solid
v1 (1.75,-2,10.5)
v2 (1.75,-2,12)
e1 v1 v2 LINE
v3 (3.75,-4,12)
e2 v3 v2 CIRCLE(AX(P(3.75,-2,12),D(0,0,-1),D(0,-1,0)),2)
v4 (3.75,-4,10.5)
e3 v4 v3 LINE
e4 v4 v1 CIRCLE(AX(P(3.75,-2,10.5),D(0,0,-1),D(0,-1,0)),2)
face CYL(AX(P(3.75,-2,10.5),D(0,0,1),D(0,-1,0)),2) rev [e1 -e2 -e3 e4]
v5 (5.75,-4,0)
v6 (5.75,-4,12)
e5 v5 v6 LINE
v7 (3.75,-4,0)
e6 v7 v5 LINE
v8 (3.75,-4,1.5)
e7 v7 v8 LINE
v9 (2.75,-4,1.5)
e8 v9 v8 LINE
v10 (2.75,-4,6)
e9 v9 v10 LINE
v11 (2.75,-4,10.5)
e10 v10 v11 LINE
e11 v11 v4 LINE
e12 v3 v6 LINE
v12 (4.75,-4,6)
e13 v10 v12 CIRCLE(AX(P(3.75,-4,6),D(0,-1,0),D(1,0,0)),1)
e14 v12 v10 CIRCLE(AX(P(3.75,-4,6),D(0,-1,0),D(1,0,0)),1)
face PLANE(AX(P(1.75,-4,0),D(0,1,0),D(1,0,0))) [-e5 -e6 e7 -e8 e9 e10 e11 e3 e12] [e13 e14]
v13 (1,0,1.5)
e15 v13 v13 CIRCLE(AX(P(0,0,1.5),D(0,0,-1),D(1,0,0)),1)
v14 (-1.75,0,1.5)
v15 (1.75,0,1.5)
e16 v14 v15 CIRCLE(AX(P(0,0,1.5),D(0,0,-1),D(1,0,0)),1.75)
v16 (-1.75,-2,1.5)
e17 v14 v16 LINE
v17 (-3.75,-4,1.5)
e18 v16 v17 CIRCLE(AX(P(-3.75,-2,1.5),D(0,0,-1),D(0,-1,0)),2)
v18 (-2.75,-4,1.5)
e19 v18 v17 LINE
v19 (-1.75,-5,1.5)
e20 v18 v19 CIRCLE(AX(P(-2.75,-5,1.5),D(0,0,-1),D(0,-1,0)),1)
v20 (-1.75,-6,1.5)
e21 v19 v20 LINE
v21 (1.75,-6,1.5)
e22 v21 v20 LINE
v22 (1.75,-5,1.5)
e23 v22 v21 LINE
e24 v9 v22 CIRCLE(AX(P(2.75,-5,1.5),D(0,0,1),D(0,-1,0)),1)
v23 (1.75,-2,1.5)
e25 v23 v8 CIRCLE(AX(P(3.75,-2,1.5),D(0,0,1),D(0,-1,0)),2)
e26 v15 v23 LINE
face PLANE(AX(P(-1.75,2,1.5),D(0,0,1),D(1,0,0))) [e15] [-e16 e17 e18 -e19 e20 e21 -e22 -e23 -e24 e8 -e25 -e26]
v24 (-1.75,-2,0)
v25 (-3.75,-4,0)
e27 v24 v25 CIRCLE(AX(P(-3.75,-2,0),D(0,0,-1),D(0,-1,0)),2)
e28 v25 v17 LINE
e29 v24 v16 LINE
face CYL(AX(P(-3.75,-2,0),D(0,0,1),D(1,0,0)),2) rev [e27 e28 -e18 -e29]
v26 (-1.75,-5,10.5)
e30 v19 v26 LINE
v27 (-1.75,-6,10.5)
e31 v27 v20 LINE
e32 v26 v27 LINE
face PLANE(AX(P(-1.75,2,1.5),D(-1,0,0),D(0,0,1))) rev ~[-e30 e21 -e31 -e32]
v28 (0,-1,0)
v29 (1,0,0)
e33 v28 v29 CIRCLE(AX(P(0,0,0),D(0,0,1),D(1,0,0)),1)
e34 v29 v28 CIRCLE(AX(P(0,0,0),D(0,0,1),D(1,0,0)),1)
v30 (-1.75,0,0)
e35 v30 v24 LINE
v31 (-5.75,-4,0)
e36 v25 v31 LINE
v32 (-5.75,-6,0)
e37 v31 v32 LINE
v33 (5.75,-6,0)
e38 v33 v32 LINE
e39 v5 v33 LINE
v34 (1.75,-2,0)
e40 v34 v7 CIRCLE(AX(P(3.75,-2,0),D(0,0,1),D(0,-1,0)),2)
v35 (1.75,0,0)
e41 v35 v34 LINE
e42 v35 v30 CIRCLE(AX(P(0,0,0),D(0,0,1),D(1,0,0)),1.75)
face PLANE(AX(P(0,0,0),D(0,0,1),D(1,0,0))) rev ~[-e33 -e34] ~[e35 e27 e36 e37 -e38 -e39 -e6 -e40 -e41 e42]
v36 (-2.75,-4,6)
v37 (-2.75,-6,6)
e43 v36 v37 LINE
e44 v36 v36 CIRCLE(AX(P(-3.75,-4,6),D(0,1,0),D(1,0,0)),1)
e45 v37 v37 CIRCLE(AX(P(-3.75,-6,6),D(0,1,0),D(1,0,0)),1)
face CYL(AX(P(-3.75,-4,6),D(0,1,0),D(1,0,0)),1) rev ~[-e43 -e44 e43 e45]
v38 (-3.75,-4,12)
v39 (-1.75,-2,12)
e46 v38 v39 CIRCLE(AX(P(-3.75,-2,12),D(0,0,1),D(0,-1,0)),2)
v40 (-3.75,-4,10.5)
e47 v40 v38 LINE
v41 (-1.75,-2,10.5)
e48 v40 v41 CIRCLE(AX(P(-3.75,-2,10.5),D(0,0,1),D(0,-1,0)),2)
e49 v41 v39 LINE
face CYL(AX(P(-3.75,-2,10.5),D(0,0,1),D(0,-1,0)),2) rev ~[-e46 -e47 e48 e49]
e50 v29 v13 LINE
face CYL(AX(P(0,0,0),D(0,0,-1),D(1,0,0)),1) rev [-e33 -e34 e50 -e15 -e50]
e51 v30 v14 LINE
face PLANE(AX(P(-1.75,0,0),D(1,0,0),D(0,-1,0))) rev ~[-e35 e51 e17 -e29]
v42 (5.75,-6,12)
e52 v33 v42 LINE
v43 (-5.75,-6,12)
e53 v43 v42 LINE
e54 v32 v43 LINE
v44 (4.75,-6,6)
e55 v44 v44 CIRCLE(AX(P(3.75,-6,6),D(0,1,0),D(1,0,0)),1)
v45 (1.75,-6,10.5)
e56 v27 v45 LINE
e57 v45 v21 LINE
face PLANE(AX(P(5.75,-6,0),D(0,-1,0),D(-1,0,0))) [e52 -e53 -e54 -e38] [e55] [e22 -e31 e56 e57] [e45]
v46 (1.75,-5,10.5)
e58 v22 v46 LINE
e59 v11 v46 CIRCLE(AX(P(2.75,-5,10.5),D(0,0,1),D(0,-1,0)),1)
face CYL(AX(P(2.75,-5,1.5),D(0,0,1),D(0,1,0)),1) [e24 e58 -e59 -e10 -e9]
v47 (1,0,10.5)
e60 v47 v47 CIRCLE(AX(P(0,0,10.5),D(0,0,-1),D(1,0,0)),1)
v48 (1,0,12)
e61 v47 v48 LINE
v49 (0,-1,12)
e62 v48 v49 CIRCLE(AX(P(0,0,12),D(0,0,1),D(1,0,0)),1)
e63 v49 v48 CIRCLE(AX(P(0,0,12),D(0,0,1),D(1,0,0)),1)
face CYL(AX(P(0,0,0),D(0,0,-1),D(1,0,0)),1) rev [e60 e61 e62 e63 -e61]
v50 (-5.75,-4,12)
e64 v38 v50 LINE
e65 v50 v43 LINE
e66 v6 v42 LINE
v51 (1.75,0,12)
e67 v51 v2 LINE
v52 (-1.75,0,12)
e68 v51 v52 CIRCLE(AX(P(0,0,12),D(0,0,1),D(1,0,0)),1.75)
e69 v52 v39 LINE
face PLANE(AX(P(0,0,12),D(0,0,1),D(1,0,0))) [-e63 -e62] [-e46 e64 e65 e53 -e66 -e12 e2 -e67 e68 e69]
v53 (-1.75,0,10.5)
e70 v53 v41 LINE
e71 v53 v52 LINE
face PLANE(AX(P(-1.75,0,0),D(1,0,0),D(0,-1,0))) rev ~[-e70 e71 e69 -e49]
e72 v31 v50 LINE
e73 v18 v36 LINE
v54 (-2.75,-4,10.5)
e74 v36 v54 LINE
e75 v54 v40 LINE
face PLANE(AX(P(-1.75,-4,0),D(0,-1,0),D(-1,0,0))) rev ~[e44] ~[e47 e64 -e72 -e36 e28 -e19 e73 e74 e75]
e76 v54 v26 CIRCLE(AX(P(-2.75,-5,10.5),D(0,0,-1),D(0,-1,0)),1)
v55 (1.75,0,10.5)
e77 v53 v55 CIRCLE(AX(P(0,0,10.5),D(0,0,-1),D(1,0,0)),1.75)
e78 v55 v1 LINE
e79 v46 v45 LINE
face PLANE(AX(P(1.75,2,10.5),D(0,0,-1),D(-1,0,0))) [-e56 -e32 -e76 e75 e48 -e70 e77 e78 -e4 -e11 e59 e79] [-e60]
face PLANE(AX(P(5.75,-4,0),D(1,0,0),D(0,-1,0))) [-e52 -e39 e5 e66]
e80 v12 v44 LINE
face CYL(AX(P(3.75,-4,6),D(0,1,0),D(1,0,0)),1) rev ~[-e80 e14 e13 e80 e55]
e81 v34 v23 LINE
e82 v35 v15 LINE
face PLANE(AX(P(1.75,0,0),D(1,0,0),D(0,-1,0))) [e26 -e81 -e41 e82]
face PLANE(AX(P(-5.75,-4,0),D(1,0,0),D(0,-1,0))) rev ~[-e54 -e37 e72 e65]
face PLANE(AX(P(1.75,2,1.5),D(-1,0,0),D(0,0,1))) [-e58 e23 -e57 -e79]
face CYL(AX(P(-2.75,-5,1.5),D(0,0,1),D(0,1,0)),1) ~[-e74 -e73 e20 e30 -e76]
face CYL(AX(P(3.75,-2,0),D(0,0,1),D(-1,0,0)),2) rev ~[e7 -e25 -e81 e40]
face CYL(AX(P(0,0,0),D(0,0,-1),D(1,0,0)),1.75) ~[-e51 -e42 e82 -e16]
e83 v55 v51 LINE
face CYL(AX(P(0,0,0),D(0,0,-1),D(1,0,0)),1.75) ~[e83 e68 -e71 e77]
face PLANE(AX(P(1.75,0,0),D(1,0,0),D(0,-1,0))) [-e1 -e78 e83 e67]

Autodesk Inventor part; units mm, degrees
ref_plane "YZ Plane" through (0, 0, 0) normal (1, 0, 0) x (0, 1, 0)
ref_plane "XZ Plane" through (0, 0, 0) normal (0, 1, 0) x (-1, 0, 0)
sketch "Sketch1" plane through (0, 0, 0) normal (0, 0, 1) x (1, 0, 0)
  circle A0 centre (0, 0) radius 1
  circle A1 centre (0, 0) radius 1.75
  line L0 (-1.75, 0) -> (-1.75, -4)
  line L1 (-1.75, -4) -> (-5.75, -4)
  line L2 (-5.75, -4) -> (-5.75, -6)
  line L3 (-5.75, -6) -> (0, -6)
  line L4 (0, 0) -> (0, -6)
  line L5 (1.75, 0) -> (1.75, -4)
  line L6 (1.75, -4) -> (5.75, -4)
  line L7 (5.75, -4) -> (5.75, -6)
  line L8 (5.75, -6) -> (0, -6)
  dimension "d9" = 3.5
  dimension "d8" = 2
  dimension "d10" = 4
  dimension "d11" = 4
  dimension "d12" = 2
  dimension "d13" = 5.75
extrude "Extrusion1" add sketch "Sketch1" along normal blind 12
ref_plane "Work Plane1" through (-5.75, 2, 0) normal (0, 1, 0) x (1, 0, 0)
sketch "Sketch2" plane through (-5.75, 2, 0) normal (0, 1, 0) x (1, 0, 0)
  line L0 (7.5, 0) -> (7.5, -12) projected
  line L1 (4, 0) -> (7.5, 0) projected
  line L2 (4, 0) -> (4, -12) projected
  line L3 (4, -12) -> (7.5, -12) projected
  line L4 (6.75, -12) -> (4.75, -12) construction
  line L5 (5.75, -12) -> (5.75, 0) construction
  line L6 (7.5, -6) -> (4, -6) construction
  line L7 (4, 0) -> (4, -12) construction
  line L8 (7.5, -10.5) -> (4, -10.5)
  line L9 (4, -10.5) -> (4, -1.5)
  line L10 (4, -1.5) -> (7.5, -1.5)
  line L11 (7.5, -1.5) -> (7.5, -10.5)
  line L12 (7.5, -10.5) -> (4, -1.5) construction
  line L13 (4, -10.5) -> (7.5, -1.5) construction
  point P0 (5.75, -6)
  dimension "d17" = 9
extrude "Extrusion2" cut sketch "Sketch2" against normal blind 12 contours L0 L8 L2 L10
fillet "Fillet1" radius 2 4 edges at (1.75, -4, 0.75) (1.75, -4, 11.25) (-1.75, -4, 0.75) (-1.75, -4, 11.25)
fillet "Fillet2" radius 1 2 edges at (1.75, -4, 6) (-1.75, -4, 6)
sketch "Sketch3" plane through (-5.75, -4, 12) normal (0, 1, 0) x (1, 0, 0)
  line L0 (8.5, 1.5) -> (8.5, 10.5) projected
  line L1 (8.5, 1.5) -> (9.5, 1.5) projected
  line L2 (9.5, 0) -> (9.5, 1.5) projected
  line L3 (11.5, 0) -> (9.5, 0) projected
  line L4 (11.5, 12) -> (11.5, 0) projected
  line L5 (11.5, 12) -> (9.5, 12) projected
  line L6 (9.5, 10.5) -> (9.5, 12) projected
  line L7 (9.5, 10.5) -> (8.5, 10.5) projected
  line L8 (3, 10.5) -> (3, 1.5) projected
  line L9 (3, 10.5) -> (2, 10.5) projected
  line L10 (2, 12) -> (2, 10.5) projected
  line L11 (2, 12) -> (0, 12) projected
  line L12 (0, 12) -> (0, 0) projected
  line L13 (2, 0) -> (0, 0) projected
  line L14 (2, 1.5) -> (2, 0) projected
  line L15 (2, 1.5) -> (3, 1.5) projected
  line L16 (11.5, 12) -> (11.5, 0) construction
  line L17 (11.5, 6) -> (0, 6) construction
  line L18 (0, 12) -> (0, 0) construction
  circle A0 centre (9.5, 6) radius 1
  circle A1 centre (2, 6) radius 1
  point P0 (5.75, 12)
  dimension "d22" = 2
  dimension "d23" = 2
  dimension "d24" = 2
extrude "Extrusion3" cut sketch "Sketch3" against normal through all contours A0 | A1
properties part number "_3DPrint"
